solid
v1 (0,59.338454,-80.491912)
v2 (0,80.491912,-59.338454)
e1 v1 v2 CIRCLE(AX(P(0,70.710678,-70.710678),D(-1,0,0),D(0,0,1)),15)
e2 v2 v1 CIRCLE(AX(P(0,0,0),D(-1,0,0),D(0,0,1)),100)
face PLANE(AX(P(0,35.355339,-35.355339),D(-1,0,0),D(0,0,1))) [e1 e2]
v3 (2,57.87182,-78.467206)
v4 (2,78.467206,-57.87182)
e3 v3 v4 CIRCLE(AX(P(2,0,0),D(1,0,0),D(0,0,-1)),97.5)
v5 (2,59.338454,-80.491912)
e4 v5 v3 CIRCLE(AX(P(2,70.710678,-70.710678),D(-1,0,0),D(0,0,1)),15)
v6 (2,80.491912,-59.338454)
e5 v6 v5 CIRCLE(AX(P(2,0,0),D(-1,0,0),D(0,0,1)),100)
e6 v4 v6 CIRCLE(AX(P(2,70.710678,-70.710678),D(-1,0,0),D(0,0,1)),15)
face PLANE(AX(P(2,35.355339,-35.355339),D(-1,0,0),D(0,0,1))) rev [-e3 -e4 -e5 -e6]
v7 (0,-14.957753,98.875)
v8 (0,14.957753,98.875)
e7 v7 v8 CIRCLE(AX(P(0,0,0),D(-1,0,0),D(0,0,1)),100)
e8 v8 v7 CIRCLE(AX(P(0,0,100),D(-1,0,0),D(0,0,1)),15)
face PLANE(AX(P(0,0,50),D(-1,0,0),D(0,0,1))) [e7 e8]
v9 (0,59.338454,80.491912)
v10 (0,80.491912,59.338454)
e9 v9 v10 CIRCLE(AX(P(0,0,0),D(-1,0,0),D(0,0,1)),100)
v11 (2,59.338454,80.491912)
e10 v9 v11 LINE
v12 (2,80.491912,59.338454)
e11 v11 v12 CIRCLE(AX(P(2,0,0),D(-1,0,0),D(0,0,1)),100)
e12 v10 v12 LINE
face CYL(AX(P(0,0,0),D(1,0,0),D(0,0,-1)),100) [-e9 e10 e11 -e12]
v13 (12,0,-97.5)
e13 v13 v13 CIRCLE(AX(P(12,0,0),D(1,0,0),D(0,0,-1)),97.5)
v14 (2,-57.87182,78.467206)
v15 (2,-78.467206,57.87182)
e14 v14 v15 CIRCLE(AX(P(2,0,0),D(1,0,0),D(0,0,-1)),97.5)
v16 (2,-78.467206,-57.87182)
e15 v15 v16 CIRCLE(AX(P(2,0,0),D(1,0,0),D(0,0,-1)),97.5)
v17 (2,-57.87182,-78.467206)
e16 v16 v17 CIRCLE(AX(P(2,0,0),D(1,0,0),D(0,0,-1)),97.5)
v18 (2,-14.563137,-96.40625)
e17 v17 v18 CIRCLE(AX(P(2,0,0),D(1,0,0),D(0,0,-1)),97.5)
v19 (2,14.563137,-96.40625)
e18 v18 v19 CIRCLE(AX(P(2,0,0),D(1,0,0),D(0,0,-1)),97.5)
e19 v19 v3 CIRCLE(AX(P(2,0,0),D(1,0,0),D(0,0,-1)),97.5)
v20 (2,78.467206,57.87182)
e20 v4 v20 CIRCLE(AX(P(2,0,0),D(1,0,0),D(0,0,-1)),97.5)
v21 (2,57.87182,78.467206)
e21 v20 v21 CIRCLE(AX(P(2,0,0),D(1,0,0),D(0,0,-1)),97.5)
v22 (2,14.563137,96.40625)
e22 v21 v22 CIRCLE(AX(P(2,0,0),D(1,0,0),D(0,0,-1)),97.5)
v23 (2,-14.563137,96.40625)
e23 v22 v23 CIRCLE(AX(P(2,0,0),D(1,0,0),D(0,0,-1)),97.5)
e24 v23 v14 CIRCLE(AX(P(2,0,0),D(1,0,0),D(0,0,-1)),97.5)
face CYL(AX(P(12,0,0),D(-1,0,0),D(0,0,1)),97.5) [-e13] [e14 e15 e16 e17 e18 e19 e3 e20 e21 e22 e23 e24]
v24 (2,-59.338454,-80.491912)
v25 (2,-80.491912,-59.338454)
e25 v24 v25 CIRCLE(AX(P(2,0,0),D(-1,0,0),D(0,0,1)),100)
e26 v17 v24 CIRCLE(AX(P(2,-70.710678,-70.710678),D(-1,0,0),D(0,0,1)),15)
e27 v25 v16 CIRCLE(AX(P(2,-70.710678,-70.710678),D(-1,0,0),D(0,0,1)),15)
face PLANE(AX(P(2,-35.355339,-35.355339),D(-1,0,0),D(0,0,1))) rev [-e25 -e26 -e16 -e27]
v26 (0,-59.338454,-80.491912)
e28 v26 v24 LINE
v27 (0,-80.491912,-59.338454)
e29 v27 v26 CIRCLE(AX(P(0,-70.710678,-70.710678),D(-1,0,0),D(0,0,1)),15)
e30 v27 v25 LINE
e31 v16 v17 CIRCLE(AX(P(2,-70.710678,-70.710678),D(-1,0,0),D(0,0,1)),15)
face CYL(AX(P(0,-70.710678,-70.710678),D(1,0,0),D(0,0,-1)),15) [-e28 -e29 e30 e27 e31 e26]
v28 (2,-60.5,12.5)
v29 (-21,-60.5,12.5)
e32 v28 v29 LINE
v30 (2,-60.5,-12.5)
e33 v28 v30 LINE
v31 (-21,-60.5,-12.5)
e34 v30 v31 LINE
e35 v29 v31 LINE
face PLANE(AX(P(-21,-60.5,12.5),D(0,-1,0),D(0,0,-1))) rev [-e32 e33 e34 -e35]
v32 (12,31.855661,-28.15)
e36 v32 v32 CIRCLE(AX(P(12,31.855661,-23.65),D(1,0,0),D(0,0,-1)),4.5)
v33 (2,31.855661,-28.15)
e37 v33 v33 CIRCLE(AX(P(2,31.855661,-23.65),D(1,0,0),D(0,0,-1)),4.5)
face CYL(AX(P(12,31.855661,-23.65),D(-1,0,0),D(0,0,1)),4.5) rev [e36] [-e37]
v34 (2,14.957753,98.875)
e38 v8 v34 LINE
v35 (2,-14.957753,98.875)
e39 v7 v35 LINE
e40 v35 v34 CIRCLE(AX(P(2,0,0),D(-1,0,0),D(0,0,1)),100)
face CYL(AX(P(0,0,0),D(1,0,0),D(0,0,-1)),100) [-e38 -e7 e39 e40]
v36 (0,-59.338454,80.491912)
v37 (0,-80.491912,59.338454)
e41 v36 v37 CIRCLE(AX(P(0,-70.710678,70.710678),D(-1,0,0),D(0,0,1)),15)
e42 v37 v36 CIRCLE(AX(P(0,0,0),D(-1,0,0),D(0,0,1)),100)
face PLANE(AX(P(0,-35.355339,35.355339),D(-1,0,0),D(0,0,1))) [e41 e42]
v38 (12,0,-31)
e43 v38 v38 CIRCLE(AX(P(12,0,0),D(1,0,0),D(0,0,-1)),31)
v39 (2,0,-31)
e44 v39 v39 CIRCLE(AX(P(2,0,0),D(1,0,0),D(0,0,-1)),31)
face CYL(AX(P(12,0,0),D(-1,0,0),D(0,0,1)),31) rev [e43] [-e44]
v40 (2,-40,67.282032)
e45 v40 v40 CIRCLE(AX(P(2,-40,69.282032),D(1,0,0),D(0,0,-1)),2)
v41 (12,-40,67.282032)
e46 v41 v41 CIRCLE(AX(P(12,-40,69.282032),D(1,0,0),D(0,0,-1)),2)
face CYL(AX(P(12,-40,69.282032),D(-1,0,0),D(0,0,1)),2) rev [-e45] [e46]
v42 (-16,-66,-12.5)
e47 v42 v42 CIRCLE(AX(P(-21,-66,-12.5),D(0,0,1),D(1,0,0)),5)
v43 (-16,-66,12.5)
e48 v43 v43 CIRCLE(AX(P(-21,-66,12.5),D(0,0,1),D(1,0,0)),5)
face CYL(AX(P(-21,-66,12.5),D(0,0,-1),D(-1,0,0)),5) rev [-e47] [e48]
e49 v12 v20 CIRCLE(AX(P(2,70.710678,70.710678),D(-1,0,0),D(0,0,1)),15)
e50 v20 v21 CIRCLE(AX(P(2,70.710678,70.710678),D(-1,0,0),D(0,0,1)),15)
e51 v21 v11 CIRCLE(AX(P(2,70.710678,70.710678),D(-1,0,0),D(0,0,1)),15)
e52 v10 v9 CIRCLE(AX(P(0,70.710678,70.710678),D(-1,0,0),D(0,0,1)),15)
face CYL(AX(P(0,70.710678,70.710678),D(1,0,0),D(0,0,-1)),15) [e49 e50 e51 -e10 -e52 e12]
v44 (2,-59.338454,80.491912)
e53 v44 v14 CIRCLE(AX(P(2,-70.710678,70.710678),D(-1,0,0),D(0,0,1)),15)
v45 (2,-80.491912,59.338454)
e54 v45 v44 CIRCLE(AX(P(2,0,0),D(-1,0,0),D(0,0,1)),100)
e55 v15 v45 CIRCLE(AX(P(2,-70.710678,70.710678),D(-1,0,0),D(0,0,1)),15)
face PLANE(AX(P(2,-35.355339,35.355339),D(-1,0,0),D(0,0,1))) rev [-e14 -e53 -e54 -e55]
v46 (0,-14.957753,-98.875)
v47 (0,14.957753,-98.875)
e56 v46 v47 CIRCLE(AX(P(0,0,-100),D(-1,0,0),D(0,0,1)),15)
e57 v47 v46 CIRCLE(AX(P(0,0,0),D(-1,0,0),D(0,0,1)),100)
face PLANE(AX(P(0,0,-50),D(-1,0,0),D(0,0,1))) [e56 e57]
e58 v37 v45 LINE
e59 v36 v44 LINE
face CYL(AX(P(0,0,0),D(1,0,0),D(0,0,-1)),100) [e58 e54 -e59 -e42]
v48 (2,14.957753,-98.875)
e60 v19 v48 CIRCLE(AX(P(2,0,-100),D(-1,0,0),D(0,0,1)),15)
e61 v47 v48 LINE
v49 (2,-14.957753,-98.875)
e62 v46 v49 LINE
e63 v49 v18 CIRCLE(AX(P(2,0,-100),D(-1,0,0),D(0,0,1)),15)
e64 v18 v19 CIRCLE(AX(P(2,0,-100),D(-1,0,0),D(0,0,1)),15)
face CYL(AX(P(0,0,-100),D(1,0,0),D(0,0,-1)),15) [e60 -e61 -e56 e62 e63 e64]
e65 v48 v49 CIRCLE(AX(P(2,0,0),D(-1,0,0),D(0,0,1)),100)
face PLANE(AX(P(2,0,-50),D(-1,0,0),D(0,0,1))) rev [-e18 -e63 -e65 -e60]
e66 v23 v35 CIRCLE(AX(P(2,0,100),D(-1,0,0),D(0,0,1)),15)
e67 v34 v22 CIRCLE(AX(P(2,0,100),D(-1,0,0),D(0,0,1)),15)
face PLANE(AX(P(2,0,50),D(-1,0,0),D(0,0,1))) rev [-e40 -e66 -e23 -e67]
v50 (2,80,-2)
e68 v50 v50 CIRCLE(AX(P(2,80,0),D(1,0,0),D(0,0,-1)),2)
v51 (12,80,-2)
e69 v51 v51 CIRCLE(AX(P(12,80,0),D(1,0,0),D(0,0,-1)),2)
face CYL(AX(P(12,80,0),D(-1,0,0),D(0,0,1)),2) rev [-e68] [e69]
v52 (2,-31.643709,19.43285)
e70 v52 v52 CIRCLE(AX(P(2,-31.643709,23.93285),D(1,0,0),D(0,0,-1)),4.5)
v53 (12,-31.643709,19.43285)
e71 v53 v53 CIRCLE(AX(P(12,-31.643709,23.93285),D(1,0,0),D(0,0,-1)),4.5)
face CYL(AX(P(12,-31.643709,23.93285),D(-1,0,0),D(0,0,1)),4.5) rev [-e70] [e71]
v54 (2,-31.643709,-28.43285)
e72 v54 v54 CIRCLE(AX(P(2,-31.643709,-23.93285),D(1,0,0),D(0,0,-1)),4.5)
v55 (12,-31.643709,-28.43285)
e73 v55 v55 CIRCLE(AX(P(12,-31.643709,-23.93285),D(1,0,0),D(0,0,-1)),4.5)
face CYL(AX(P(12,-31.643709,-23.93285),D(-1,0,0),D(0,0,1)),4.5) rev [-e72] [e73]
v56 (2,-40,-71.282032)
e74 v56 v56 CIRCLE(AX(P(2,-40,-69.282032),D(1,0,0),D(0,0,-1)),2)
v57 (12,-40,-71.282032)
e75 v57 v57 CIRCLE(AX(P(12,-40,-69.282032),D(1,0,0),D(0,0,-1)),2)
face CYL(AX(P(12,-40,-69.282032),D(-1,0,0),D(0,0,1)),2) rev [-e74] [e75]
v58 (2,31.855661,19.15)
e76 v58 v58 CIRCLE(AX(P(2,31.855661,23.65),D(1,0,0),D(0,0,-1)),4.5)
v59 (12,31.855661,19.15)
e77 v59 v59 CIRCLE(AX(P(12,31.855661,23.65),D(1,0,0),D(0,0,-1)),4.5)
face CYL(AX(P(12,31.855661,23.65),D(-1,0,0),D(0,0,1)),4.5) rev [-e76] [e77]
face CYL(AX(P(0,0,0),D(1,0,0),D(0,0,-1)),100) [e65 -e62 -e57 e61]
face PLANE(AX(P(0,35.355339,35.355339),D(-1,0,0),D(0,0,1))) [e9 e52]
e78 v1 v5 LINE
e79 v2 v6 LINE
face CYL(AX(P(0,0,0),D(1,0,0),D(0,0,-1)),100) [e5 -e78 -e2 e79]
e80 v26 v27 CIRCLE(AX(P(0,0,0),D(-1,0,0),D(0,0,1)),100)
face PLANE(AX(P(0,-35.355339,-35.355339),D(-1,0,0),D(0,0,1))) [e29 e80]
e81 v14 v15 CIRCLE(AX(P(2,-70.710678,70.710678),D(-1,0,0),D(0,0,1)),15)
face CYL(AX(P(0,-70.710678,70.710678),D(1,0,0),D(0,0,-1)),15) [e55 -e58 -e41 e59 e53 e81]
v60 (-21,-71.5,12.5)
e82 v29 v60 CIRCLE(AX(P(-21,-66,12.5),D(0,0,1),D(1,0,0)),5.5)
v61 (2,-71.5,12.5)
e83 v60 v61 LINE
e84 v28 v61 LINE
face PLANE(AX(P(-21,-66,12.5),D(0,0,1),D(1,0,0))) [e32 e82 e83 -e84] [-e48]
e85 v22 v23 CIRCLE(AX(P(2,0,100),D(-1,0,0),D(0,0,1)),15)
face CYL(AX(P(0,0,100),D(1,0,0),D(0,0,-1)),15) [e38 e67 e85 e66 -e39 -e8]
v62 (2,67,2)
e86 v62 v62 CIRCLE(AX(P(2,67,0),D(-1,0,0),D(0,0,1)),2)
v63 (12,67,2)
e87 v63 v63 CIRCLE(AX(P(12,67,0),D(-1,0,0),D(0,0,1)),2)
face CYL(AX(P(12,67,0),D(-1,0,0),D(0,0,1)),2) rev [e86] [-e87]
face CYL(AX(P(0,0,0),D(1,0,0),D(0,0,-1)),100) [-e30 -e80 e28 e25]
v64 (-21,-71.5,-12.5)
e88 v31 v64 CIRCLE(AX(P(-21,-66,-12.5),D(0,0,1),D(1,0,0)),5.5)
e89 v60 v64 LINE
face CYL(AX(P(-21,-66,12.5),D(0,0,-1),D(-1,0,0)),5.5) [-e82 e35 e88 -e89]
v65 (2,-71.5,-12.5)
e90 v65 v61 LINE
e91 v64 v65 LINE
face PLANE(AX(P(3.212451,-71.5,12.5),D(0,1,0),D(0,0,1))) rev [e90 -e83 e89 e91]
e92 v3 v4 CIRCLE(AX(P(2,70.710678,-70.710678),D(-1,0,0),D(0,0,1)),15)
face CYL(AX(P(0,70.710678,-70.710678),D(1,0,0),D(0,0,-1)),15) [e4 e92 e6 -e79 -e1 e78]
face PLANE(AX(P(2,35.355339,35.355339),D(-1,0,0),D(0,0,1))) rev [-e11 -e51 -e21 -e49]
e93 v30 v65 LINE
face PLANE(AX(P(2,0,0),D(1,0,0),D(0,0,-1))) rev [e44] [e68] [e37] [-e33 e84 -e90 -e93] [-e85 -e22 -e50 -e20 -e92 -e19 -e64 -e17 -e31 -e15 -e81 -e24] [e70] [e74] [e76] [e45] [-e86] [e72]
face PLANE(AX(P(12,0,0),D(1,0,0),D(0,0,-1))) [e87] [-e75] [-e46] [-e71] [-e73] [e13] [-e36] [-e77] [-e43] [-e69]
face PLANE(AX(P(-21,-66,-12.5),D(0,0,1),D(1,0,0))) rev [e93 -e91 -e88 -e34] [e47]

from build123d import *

# Parameters (mm, degrees)
BOSS_EXTRUDE1_START = 2
SKETCH1_R           = 97.5
SKETCH1_R_2         = 31
SKETCH1_R_3         = 4.5
SKETCH1_R_4         = 2
BOSS_EXTRUDE1_DEPTH = 10
BOSS_EXTRUDE2_DEPTH = 2
SKETCH7_R           = 2
CUT_EXTRUDE1_DEPTH  = 10
SKETCH8_R           = 5
BOSS_EXTRUDE3_DEPTH = 12.5


with BuildPart() as part:
    # Sketch1 → Boss-Extrude1 (new body)
    with BuildSketch(Plane(origin=(0, 0, 0), x_dir=(0, 0, -1), z_dir=(1, 0, 0)).offset(BOSS_EXTRUDE1_START)):
        Circle(SKETCH1_R)
        Circle(SKETCH1_R_2, mode=Mode.SUBTRACT)
        with Locations((23.65, 31.8556608)):
            Circle(SKETCH1_R_3, mode=Mode.SUBTRACT)
        with Locations((23.932849605, -31.643709245)):
            Circle(SKETCH1_R_3, mode=Mode.SUBTRACT)
        with Locations((-23.932849605, -31.643709245)):
            Circle(SKETCH1_R_3, mode=Mode.SUBTRACT)
        with Locations((-23.65, 31.8556608)):
            Circle(SKETCH1_R_3, mode=Mode.SUBTRACT)
        with Locations((0, 80)):
            Circle(SKETCH1_R_4, mode=Mode.SUBTRACT)
        with Locations((69.282032303, -40)):
            Circle(SKETCH1_R_4, mode=Mode.SUBTRACT)
        with Locations((-69.282032303, -40)):
            Circle(SKETCH1_R_4, mode=Mode.SUBTRACT)
    extrude(amount=BOSS_EXTRUDE1_DEPTH)

    # Sketch6 → Boss-Extrude2 (add)
    with BuildSketch(Plane.ZY.offset(-2)):
        with BuildLine():
            ThreePointArc((80.491911572, 59.338454408), (70.710678119, 70.710678119), (59.338454408, 80.491911572))
            ThreePointArc((59.338454408, 80.491911572), (60.104076401, 60.104076401), (80.491911572, 59.338454408))
        make_face()
        with BuildLine():
            ThreePointArc((98.875, 14.957753006), (85, 0), (98.875, -14.957753006))
            ThreePointArc((98.875, -14.957753006), (100, 0), (98.875, 14.957753006))
        make_face()
        with BuildLine():
            ThreePointArc((80.491911572, -59.338454408), (60.104076401, -60.104076401), (59.338454408, -80.491911572))
            ThreePointArc((59.338454408, -80.491911572), (70.710678119, -70.710678119), (80.491911572, -59.338454408))
        make_face()
        with BuildLine():
            ThreePointArc((-59.338454408, -80.491911572), (-60.104076401, -60.104076401), (-80.491911572, -59.338454408))
            ThreePointArc((-80.491911572, -59.338454408), (-70.710678119, -70.710678119), (-59.338454408, -80.491911572))
        make_face()
        with BuildLine():
            ThreePointArc((-98.875, -14.957753006), (-85, 0), (-98.875, 14.957753006))
            ThreePointArc((-98.875, 14.957753006), (-100, 0), (-98.875, -14.957753006))
        make_face()
        with BuildLine():
            ThreePointArc((-80.491911572, 59.338454408), (-60.104076401, 60.104076401), (-59.338454408, 80.491911572))
            ThreePointArc((-59.338454408, 80.491911572), (-70.710678119, 70.710678119), (-80.491911572, 59.338454408))
        make_face()
    extrude(amount=BOSS_EXTRUDE2_DEPTH)

    # Sketch7 → Cut-Extrude1 (cut)
    with BuildSketch(Plane.ZY.offset(-2)):
        with Locations((0, 67)):
            Circle(SKETCH7_R)
    extrude(amount=-CUT_EXTRUDE1_DEPTH, mode=Mode.SUBTRACT)

    # Sketch8 → Boss-Extrude3 (add, symmetric)
    with BuildSketch(Plane.XY):
        with BuildLine():
            Line((-21, -60.5), (3.212451129, -60.5))
            Line((3.212451129, -60.5), (3.212451129, -71.5))
            Line((3.212451129, -71.5), (-21, -71.5))
            ThreePointArc((-21, -71.5), (-26.5, -66), (-21, -60.5))
        make_face()
        with Locations((-21, -66)):
            Circle(SKETCH8_R, mode=Mode.SUBTRACT)
    extrude(amount=BOSS_EXTRUDE3_DEPTH, both=True)


solid = part.part
